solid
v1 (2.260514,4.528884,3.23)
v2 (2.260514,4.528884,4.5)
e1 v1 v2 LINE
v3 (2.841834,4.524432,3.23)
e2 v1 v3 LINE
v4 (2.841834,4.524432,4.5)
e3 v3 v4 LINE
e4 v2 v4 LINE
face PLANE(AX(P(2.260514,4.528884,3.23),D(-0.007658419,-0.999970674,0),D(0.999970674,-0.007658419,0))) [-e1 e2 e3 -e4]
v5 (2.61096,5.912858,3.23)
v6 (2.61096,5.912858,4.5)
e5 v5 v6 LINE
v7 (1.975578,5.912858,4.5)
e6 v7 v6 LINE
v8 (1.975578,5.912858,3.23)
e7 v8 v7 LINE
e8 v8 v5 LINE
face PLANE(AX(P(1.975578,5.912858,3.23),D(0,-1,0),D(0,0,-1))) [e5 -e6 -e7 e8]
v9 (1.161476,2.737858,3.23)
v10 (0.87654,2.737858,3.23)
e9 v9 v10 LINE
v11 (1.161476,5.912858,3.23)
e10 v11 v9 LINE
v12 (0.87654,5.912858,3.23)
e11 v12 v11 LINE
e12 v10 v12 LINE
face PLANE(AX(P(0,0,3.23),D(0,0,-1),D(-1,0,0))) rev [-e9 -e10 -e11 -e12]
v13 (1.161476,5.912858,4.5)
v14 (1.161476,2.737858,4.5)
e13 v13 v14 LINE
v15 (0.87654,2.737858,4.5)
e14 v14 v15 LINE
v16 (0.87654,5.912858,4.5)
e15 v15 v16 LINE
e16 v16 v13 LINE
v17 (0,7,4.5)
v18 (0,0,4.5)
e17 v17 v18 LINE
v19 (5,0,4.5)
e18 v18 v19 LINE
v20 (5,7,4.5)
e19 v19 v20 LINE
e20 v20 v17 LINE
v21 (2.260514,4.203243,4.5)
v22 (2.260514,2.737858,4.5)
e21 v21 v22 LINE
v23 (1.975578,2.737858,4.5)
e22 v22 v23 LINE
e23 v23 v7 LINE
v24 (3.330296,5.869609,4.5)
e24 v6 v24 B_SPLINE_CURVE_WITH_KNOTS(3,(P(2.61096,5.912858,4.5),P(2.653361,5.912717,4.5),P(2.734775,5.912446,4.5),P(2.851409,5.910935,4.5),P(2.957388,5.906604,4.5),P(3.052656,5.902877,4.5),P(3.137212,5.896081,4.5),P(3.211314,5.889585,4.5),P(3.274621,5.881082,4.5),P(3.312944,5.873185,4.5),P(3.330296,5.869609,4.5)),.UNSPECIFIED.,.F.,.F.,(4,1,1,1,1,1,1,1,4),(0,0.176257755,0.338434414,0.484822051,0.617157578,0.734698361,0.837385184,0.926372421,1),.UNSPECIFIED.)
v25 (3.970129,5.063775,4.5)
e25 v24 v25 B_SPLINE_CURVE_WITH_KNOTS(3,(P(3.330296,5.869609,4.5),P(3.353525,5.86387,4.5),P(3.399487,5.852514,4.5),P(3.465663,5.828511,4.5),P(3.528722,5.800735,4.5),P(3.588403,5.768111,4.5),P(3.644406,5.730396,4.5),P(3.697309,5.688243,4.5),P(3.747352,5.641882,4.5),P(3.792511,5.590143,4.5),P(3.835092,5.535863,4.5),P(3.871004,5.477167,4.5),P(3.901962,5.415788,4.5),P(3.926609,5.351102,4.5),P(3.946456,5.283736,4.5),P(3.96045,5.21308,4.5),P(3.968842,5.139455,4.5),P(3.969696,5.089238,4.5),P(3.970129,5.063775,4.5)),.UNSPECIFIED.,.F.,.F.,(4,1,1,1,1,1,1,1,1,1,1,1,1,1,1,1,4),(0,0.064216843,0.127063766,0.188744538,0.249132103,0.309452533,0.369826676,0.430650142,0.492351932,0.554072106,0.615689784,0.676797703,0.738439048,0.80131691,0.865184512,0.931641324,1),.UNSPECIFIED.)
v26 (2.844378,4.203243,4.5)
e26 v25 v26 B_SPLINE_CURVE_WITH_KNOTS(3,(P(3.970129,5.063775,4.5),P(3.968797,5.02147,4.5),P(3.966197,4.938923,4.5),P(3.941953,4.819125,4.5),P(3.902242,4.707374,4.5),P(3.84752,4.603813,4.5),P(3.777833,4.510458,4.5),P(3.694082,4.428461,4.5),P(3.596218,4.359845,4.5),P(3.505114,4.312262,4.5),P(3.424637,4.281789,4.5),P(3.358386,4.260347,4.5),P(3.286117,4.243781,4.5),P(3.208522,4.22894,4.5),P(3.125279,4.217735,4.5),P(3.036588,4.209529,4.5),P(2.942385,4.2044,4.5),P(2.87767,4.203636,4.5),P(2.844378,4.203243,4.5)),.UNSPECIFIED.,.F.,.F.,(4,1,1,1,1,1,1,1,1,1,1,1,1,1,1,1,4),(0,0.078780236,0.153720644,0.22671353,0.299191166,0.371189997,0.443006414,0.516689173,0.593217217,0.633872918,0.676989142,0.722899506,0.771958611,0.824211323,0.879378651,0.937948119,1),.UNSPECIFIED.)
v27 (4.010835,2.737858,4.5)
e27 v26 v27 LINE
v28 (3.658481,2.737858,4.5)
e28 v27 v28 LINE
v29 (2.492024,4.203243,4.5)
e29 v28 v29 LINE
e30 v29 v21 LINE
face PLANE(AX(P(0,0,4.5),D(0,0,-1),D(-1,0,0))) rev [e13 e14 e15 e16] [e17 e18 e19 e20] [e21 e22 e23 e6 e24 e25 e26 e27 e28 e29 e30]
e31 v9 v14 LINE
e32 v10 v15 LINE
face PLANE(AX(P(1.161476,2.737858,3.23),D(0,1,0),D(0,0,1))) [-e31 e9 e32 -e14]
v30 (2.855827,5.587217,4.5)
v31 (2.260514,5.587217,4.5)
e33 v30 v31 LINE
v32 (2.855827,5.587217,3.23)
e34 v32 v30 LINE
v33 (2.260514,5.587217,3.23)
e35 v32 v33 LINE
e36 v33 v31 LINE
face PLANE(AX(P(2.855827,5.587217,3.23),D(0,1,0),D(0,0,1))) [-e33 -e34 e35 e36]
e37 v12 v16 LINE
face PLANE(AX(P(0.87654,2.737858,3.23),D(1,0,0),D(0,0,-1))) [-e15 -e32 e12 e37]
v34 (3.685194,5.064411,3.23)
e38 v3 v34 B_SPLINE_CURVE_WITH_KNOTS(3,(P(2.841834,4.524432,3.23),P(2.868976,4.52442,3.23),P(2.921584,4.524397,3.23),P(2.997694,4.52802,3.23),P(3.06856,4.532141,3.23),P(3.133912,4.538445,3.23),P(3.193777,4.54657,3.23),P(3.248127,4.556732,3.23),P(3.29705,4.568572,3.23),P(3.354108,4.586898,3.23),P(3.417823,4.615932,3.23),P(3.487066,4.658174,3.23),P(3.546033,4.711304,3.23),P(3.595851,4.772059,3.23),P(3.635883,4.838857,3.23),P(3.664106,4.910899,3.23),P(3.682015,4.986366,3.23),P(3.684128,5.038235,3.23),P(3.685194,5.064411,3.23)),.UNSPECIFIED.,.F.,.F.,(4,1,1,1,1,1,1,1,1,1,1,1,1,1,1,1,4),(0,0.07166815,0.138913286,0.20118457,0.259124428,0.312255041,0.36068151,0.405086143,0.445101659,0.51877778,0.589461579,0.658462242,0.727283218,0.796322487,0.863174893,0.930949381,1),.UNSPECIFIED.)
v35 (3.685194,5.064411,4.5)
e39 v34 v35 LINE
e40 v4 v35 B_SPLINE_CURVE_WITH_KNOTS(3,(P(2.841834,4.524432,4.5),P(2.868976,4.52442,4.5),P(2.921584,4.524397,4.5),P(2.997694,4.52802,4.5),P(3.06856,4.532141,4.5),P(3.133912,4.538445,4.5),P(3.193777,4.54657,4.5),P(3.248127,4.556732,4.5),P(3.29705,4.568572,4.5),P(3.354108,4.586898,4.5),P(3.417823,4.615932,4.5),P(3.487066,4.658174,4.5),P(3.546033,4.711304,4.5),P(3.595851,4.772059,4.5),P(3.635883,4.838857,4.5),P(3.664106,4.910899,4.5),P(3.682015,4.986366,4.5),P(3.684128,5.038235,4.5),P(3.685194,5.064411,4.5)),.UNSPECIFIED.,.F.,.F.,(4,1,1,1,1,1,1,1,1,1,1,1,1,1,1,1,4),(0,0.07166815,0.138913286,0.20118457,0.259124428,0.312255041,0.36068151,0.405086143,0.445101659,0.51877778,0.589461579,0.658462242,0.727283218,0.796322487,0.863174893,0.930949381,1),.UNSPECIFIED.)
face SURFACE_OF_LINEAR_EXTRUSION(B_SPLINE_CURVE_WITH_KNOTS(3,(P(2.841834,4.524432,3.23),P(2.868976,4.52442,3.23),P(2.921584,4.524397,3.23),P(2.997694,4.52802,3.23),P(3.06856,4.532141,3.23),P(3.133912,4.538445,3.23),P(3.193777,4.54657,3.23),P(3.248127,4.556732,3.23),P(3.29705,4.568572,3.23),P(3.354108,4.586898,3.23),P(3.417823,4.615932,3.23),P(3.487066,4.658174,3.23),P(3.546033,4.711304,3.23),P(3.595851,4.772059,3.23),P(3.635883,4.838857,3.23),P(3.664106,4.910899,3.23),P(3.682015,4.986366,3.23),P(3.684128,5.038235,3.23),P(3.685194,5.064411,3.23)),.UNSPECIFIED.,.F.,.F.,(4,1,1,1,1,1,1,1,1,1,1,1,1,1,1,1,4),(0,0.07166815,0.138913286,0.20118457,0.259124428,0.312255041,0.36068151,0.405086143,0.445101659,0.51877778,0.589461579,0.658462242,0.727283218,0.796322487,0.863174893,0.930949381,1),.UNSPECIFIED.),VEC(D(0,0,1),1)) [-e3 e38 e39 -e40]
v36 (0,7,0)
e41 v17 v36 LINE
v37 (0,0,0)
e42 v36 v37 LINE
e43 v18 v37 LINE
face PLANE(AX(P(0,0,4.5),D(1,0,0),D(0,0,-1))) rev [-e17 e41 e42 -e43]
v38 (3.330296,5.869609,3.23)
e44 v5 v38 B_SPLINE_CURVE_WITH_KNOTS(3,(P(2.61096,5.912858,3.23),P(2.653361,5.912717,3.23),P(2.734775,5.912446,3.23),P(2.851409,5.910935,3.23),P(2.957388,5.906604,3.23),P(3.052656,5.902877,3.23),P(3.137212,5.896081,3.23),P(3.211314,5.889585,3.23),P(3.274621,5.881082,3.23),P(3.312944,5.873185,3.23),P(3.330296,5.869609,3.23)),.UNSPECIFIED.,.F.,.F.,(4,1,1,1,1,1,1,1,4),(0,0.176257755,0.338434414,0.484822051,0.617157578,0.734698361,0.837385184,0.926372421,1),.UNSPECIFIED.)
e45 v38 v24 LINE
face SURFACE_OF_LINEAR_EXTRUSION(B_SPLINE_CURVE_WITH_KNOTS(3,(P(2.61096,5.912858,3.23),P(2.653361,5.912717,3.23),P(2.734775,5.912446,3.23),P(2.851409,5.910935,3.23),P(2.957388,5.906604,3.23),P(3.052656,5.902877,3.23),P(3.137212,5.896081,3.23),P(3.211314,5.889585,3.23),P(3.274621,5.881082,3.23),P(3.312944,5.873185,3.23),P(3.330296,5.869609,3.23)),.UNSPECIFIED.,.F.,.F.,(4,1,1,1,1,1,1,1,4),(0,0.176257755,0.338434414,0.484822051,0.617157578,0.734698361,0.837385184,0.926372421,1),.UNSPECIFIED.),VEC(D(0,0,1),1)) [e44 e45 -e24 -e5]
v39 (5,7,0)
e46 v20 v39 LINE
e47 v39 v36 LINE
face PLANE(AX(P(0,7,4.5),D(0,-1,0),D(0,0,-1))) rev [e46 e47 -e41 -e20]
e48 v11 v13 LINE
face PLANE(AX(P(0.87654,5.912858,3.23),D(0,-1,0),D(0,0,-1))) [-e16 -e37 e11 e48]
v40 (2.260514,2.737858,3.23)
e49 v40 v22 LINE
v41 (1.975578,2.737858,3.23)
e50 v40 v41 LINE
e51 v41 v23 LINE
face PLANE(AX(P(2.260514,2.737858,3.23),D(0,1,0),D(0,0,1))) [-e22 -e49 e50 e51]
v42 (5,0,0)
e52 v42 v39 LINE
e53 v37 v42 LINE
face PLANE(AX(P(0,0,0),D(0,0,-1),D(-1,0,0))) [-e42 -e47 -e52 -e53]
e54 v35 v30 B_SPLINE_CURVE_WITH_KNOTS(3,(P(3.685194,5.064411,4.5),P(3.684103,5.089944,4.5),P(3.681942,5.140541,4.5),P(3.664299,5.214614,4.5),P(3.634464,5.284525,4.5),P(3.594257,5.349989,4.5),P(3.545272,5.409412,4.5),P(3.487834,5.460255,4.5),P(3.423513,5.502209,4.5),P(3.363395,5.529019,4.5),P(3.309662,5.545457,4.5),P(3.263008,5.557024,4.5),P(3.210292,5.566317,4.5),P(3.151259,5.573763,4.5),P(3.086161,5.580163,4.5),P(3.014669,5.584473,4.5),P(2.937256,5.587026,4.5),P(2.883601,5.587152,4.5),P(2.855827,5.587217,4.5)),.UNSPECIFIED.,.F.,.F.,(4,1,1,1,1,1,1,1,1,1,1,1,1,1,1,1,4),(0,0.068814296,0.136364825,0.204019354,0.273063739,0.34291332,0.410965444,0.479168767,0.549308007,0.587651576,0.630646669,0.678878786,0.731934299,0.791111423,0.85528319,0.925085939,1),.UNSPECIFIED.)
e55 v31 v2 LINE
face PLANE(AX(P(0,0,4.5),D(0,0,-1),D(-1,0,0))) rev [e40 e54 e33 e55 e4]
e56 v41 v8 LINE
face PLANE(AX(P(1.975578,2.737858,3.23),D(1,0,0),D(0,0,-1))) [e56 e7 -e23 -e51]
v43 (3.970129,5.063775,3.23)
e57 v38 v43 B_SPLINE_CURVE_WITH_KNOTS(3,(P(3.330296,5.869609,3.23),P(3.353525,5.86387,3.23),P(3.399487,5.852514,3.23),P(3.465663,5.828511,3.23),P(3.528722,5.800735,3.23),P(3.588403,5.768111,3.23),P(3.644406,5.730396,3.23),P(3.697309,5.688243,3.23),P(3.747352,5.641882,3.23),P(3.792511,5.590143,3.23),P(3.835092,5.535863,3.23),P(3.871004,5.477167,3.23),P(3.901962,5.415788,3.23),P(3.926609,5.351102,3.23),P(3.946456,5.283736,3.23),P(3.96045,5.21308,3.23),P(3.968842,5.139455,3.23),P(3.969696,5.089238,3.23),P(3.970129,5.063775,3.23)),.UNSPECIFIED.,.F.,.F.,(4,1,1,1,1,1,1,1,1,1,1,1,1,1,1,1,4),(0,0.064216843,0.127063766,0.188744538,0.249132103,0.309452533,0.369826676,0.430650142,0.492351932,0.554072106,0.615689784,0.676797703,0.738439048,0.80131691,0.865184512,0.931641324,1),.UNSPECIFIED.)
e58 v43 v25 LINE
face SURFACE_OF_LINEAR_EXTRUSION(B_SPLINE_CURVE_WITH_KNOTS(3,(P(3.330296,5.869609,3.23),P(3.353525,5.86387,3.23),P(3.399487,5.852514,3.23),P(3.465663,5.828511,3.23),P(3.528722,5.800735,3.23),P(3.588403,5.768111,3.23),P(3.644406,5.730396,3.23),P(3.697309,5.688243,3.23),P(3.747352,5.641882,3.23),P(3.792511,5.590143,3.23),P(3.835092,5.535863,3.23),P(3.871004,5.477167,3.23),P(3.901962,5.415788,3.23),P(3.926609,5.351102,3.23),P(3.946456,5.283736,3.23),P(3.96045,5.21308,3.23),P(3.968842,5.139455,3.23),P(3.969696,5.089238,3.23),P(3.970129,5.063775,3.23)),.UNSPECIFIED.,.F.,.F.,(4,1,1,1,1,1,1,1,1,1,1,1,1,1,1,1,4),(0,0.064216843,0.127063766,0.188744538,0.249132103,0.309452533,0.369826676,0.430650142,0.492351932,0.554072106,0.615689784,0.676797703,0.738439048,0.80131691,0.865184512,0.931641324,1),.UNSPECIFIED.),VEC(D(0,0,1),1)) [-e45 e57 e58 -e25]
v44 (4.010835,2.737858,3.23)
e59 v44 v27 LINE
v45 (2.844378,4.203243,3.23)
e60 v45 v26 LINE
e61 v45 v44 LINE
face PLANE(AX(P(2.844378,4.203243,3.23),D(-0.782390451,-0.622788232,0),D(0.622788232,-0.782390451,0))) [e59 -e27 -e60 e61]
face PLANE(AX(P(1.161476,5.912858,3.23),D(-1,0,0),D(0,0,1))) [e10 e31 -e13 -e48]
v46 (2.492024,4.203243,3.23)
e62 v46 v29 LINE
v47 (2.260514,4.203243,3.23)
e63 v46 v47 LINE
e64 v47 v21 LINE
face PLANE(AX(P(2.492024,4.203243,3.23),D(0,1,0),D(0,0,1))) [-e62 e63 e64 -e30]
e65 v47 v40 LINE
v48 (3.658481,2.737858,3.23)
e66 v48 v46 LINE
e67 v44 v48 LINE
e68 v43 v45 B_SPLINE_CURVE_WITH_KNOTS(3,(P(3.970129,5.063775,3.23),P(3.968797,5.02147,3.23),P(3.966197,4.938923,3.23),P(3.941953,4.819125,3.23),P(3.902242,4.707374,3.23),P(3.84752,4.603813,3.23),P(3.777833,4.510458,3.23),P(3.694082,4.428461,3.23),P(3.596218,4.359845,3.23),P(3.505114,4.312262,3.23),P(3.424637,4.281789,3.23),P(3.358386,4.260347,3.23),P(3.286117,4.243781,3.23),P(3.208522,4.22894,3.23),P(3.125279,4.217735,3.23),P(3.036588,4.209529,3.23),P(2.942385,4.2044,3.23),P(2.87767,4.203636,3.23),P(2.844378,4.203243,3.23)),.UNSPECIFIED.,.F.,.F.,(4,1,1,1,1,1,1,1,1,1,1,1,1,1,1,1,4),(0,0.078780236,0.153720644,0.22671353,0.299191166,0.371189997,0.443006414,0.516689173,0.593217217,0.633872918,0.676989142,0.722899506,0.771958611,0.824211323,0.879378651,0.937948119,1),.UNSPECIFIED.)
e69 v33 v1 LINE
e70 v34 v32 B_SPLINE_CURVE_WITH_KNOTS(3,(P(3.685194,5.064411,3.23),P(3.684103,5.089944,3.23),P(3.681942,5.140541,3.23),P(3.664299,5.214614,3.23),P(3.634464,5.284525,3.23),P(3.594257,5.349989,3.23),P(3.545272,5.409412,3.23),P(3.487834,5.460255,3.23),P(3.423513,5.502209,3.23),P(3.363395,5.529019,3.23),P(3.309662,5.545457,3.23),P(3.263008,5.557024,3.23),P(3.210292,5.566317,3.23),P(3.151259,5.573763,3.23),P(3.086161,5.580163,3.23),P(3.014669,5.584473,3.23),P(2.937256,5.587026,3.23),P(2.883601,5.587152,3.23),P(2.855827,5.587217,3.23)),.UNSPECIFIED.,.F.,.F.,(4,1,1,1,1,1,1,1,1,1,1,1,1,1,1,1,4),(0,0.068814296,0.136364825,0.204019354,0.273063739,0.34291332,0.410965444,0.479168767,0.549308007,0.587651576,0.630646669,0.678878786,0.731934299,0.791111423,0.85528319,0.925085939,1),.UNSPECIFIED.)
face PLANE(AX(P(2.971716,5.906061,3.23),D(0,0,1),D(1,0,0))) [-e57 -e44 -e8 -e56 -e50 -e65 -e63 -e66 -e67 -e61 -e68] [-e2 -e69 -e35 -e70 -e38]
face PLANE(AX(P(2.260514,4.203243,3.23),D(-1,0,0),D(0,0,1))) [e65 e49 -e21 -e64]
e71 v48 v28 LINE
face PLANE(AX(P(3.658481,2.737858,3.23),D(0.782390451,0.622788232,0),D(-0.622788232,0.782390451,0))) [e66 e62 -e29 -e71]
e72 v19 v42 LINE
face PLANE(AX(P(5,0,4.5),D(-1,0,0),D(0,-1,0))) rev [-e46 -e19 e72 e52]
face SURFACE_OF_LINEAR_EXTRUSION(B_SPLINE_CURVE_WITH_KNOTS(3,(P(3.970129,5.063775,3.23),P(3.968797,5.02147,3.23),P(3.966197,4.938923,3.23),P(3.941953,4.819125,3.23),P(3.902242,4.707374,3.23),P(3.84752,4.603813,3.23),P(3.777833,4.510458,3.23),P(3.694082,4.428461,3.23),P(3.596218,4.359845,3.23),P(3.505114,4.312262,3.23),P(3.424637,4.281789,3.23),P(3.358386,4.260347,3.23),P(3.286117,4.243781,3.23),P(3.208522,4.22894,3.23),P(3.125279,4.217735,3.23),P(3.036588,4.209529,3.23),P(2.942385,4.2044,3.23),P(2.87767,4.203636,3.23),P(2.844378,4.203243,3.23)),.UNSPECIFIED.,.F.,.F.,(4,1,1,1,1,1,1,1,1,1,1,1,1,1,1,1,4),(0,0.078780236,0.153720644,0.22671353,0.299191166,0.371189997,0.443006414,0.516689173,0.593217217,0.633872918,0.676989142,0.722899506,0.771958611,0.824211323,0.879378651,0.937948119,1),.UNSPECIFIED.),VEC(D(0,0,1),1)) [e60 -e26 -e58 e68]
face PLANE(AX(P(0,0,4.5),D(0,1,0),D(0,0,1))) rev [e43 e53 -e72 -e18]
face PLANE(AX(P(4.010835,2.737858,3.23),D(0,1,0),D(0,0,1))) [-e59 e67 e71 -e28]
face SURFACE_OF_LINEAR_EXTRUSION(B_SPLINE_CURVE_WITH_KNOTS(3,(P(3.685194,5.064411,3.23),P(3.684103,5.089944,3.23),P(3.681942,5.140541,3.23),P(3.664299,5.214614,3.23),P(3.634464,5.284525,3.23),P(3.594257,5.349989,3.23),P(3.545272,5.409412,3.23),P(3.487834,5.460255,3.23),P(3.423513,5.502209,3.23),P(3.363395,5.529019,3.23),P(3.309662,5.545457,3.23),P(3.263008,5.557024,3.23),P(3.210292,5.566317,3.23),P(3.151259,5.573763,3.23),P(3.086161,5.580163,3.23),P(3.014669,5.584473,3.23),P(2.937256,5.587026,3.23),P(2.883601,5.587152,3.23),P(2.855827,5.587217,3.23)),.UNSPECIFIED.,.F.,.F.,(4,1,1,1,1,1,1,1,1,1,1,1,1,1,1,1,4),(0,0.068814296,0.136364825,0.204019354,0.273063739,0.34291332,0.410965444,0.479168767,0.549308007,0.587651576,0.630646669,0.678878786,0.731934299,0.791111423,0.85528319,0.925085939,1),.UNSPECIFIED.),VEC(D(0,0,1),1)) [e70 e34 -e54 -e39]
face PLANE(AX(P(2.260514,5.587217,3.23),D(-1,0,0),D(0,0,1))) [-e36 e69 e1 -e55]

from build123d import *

# Parameters (mm, degrees)
SKETCH1_W           = 5
SKETCH1_H           = 7
BOSS_EXTRUDE1_DEPTH = 4.5
SKETCH2_W           = 0.284935897
SKETCH2_H           = 3.175
CUT_EXTRUDE1_DEPTH  = 1.27


with BuildPart() as part:
    # Sketch1 → Boss-Extrude1 (new body)
    with BuildSketch(Plane.XY):
        with Locations((2.5, 3.5)):
            Rectangle(SKETCH1_W, SKETCH1_H)
    extrude(amount=BOSS_EXTRUDE1_DEPTH)

    # Sketch2 → Cut-Extrude1 (cut)
    # profile 1 of 2: a face of its own
    with BuildSketch(Plane.XY.offset(4.5)):
        with Locations((1.019007648, 4.325358418)):
            Rectangle(SKETCH2_W, SKETCH2_H)
    # profile 2 of 2: a face of its own
    with BuildSketch(Plane.XY.offset(4.5)):
        with BuildLine():
            Line((1.97557816, 5.912858418), (2.610959771, 5.912858418))
            add(Edge.make_bspline(
                [(2.610959771, 5.912858418), (2.653360651, 5.91271728), (2.73477504, 5.912446278), (2.851409363, 5.910935193), (2.95738823, 5.90660417), (3.052656227, 5.902877098), (3.137211607, 5.896080837), (3.211313649, 5.889585107), (3.274621061, 5.881081858), (3.312944083, 5.873184795), (3.330295708, 5.86960922)],
                knots=[0, 0, 0, 0, 1.410062039, 2.707475311, 3.878576406, 4.937260626, 5.877586885, 6.699081471, 7.410979367, 8, 8, 8, 8], degree=3))
            add(Edge.make_bspline(
                [(3.330295708, 5.86960922), (3.353524574, 5.86386994), (3.399486772, 5.852513814), (3.465662903, 5.828511176), (3.528722326, 5.800734802), (3.588403095, 5.76811057), (3.644406277, 5.730396306), (3.697309316, 5.688243081), (3.747352272, 5.641881544), (3.792511322, 5.590142795), (3.835091748, 5.535862532), (3.871004287, 5.477166982), (3.90196188, 5.41578831), (3.92660942, 5.351102296), (3.946455868, 5.28373626), (3.96044967, 5.213079994), (3.968841819, 5.139455395), (3.969696217, 5.089237864), (3.970129442, 5.063774885)],
                knots=[0, 0, 0, 0, 1.027469482, 2.033020251, 3.019912614, 3.986113645, 4.951240523, 5.91722682, 6.890402269, 7.87763091, 8.8651537, 9.85103654, 10.82876324, 11.815024772, 12.821070561, 13.842952187, 14.906261191, 16, 16, 16, 16], degree=3))
            add(Edge.make_bspline(
                [(3.970129442, 5.063774885), (3.968796851, 5.021470183), (3.96619662, 4.938922752), (3.941953134, 4.819124667), (3.902241576, 4.70737436), (3.847519736, 4.603812538), (3.777833497, 4.510457881), (3.694081722, 4.428460825), (3.596217689, 4.359844619), (3.505113952, 4.312262432), (3.4246375, 4.281788865), (3.358385852, 4.260347311), (3.286116522, 4.243781099), (3.20852194, 4.228940123), (3.125279195, 4.217735371), (3.036587802, 4.209528818), (2.942384508, 4.204399788), (2.877669781, 4.203635969), (2.84437824, 4.203243034)],
                knots=[0, 0, 0, 0, 1.260483769, 2.459530307, 3.627416485, 4.787058657, 5.939039949, 7.08810263, 8.267026773, 9.491475466, 10.141966685, 10.831826277, 11.566392101, 12.351337768, 13.187381173, 14.07005841, 15.007169909, 16, 16, 16, 16], degree=3))
            Line((2.84437824, 4.203243034), (4.01083457, 2.737858418))
            Line((4.01083457, 2.737858418), (3.658480804, 2.737858418))
            Line((3.658480804, 2.737858418), (2.492024474, 4.203243034))
            Line((2.492024474, 4.203243034), (2.260514057, 4.203243034))
            Line((2.260514057, 4.203243034), (2.260514057, 2.737858418))
            Line((2.260514057, 2.737858418), (1.97557816, 2.737858418))
            Line((1.97557816, 2.737858418), (1.97557816, 5.912858418))
        make_face()
        with BuildLine():
            Line((2.260514057, 5.587217393), (2.260514057, 4.528884059))
            Line((2.260514057, 4.528884059), (2.84183417, 4.524431936))
            add(Edge.make_bspline(
                [(2.84183417, 4.524431936), (2.868975919, 4.524419928), (2.92158436, 4.524396654), (2.997694249, 4.52801958), (3.06856035, 4.532141019), (3.133911604, 4.538445068), (3.193777205, 4.546569504), (3.24812723, 4.556732211), (3.297050398, 4.568572297), (3.354108358, 4.586898057), (3.417822926, 4.615932088), (3.487066464, 4.658173648), (3.546032871, 4.711304206), (3.595851217, 4.772058698), (3.635882916, 4.838857295), (3.664105994, 4.910899287), (3.682015209, 4.986365951), (3.684127532, 5.038234663), (3.685193545, 5.064410902)],
                knots=[0, 0, 0, 0, 1.146690395, 2.22261258, 3.21895312, 4.145990853, 4.996080663, 5.770904154, 6.481378293, 7.121626537, 8.300444488, 9.431385265, 10.535395872, 11.636531494, 12.74115979, 13.810798291, 14.895190096, 16, 16, 16, 16], degree=3))
            add(Edge.make_bspline(
                [(3.685193545, 5.064410902), (3.684103049, 5.089943866), (3.681942085, 5.140540882), (3.664299273, 5.214614458), (3.634463906, 5.284525191), (3.594257304, 5.349988688), (3.545272357, 5.409411749), (3.487834055, 5.460254523), (3.423512914, 5.502209395), (3.36339547, 5.52901944), (3.309661577, 5.545456735), (3.263007528, 5.557023863), (3.210292116, 5.566317059), (3.151259379, 5.573762943), (3.086161328, 5.580162785), (3.014668809, 5.584473328), (2.937256158, 5.587025904), (2.883601442, 5.587152078), (2.855826557, 5.587217393)],
                knots=[0, 0, 0, 0, 1.101028733, 2.181837193, 3.264309656, 4.369019818, 5.486613113, 6.575447106, 7.666700264, 8.788928104, 9.402425223, 10.0903467, 10.862060571, 11.710948788, 12.657782767, 13.684531032, 14.801375019, 16, 16, 16, 16], degree=3))
            Line((2.855826557, 5.587217393), (2.260514057, 5.587217393))
        make_face(mode=Mode.SUBTRACT)
    extrude(amount=-CUT_EXTRUDE1_DEPTH, mode=Mode.SUBTRACT)


solid = part.part
